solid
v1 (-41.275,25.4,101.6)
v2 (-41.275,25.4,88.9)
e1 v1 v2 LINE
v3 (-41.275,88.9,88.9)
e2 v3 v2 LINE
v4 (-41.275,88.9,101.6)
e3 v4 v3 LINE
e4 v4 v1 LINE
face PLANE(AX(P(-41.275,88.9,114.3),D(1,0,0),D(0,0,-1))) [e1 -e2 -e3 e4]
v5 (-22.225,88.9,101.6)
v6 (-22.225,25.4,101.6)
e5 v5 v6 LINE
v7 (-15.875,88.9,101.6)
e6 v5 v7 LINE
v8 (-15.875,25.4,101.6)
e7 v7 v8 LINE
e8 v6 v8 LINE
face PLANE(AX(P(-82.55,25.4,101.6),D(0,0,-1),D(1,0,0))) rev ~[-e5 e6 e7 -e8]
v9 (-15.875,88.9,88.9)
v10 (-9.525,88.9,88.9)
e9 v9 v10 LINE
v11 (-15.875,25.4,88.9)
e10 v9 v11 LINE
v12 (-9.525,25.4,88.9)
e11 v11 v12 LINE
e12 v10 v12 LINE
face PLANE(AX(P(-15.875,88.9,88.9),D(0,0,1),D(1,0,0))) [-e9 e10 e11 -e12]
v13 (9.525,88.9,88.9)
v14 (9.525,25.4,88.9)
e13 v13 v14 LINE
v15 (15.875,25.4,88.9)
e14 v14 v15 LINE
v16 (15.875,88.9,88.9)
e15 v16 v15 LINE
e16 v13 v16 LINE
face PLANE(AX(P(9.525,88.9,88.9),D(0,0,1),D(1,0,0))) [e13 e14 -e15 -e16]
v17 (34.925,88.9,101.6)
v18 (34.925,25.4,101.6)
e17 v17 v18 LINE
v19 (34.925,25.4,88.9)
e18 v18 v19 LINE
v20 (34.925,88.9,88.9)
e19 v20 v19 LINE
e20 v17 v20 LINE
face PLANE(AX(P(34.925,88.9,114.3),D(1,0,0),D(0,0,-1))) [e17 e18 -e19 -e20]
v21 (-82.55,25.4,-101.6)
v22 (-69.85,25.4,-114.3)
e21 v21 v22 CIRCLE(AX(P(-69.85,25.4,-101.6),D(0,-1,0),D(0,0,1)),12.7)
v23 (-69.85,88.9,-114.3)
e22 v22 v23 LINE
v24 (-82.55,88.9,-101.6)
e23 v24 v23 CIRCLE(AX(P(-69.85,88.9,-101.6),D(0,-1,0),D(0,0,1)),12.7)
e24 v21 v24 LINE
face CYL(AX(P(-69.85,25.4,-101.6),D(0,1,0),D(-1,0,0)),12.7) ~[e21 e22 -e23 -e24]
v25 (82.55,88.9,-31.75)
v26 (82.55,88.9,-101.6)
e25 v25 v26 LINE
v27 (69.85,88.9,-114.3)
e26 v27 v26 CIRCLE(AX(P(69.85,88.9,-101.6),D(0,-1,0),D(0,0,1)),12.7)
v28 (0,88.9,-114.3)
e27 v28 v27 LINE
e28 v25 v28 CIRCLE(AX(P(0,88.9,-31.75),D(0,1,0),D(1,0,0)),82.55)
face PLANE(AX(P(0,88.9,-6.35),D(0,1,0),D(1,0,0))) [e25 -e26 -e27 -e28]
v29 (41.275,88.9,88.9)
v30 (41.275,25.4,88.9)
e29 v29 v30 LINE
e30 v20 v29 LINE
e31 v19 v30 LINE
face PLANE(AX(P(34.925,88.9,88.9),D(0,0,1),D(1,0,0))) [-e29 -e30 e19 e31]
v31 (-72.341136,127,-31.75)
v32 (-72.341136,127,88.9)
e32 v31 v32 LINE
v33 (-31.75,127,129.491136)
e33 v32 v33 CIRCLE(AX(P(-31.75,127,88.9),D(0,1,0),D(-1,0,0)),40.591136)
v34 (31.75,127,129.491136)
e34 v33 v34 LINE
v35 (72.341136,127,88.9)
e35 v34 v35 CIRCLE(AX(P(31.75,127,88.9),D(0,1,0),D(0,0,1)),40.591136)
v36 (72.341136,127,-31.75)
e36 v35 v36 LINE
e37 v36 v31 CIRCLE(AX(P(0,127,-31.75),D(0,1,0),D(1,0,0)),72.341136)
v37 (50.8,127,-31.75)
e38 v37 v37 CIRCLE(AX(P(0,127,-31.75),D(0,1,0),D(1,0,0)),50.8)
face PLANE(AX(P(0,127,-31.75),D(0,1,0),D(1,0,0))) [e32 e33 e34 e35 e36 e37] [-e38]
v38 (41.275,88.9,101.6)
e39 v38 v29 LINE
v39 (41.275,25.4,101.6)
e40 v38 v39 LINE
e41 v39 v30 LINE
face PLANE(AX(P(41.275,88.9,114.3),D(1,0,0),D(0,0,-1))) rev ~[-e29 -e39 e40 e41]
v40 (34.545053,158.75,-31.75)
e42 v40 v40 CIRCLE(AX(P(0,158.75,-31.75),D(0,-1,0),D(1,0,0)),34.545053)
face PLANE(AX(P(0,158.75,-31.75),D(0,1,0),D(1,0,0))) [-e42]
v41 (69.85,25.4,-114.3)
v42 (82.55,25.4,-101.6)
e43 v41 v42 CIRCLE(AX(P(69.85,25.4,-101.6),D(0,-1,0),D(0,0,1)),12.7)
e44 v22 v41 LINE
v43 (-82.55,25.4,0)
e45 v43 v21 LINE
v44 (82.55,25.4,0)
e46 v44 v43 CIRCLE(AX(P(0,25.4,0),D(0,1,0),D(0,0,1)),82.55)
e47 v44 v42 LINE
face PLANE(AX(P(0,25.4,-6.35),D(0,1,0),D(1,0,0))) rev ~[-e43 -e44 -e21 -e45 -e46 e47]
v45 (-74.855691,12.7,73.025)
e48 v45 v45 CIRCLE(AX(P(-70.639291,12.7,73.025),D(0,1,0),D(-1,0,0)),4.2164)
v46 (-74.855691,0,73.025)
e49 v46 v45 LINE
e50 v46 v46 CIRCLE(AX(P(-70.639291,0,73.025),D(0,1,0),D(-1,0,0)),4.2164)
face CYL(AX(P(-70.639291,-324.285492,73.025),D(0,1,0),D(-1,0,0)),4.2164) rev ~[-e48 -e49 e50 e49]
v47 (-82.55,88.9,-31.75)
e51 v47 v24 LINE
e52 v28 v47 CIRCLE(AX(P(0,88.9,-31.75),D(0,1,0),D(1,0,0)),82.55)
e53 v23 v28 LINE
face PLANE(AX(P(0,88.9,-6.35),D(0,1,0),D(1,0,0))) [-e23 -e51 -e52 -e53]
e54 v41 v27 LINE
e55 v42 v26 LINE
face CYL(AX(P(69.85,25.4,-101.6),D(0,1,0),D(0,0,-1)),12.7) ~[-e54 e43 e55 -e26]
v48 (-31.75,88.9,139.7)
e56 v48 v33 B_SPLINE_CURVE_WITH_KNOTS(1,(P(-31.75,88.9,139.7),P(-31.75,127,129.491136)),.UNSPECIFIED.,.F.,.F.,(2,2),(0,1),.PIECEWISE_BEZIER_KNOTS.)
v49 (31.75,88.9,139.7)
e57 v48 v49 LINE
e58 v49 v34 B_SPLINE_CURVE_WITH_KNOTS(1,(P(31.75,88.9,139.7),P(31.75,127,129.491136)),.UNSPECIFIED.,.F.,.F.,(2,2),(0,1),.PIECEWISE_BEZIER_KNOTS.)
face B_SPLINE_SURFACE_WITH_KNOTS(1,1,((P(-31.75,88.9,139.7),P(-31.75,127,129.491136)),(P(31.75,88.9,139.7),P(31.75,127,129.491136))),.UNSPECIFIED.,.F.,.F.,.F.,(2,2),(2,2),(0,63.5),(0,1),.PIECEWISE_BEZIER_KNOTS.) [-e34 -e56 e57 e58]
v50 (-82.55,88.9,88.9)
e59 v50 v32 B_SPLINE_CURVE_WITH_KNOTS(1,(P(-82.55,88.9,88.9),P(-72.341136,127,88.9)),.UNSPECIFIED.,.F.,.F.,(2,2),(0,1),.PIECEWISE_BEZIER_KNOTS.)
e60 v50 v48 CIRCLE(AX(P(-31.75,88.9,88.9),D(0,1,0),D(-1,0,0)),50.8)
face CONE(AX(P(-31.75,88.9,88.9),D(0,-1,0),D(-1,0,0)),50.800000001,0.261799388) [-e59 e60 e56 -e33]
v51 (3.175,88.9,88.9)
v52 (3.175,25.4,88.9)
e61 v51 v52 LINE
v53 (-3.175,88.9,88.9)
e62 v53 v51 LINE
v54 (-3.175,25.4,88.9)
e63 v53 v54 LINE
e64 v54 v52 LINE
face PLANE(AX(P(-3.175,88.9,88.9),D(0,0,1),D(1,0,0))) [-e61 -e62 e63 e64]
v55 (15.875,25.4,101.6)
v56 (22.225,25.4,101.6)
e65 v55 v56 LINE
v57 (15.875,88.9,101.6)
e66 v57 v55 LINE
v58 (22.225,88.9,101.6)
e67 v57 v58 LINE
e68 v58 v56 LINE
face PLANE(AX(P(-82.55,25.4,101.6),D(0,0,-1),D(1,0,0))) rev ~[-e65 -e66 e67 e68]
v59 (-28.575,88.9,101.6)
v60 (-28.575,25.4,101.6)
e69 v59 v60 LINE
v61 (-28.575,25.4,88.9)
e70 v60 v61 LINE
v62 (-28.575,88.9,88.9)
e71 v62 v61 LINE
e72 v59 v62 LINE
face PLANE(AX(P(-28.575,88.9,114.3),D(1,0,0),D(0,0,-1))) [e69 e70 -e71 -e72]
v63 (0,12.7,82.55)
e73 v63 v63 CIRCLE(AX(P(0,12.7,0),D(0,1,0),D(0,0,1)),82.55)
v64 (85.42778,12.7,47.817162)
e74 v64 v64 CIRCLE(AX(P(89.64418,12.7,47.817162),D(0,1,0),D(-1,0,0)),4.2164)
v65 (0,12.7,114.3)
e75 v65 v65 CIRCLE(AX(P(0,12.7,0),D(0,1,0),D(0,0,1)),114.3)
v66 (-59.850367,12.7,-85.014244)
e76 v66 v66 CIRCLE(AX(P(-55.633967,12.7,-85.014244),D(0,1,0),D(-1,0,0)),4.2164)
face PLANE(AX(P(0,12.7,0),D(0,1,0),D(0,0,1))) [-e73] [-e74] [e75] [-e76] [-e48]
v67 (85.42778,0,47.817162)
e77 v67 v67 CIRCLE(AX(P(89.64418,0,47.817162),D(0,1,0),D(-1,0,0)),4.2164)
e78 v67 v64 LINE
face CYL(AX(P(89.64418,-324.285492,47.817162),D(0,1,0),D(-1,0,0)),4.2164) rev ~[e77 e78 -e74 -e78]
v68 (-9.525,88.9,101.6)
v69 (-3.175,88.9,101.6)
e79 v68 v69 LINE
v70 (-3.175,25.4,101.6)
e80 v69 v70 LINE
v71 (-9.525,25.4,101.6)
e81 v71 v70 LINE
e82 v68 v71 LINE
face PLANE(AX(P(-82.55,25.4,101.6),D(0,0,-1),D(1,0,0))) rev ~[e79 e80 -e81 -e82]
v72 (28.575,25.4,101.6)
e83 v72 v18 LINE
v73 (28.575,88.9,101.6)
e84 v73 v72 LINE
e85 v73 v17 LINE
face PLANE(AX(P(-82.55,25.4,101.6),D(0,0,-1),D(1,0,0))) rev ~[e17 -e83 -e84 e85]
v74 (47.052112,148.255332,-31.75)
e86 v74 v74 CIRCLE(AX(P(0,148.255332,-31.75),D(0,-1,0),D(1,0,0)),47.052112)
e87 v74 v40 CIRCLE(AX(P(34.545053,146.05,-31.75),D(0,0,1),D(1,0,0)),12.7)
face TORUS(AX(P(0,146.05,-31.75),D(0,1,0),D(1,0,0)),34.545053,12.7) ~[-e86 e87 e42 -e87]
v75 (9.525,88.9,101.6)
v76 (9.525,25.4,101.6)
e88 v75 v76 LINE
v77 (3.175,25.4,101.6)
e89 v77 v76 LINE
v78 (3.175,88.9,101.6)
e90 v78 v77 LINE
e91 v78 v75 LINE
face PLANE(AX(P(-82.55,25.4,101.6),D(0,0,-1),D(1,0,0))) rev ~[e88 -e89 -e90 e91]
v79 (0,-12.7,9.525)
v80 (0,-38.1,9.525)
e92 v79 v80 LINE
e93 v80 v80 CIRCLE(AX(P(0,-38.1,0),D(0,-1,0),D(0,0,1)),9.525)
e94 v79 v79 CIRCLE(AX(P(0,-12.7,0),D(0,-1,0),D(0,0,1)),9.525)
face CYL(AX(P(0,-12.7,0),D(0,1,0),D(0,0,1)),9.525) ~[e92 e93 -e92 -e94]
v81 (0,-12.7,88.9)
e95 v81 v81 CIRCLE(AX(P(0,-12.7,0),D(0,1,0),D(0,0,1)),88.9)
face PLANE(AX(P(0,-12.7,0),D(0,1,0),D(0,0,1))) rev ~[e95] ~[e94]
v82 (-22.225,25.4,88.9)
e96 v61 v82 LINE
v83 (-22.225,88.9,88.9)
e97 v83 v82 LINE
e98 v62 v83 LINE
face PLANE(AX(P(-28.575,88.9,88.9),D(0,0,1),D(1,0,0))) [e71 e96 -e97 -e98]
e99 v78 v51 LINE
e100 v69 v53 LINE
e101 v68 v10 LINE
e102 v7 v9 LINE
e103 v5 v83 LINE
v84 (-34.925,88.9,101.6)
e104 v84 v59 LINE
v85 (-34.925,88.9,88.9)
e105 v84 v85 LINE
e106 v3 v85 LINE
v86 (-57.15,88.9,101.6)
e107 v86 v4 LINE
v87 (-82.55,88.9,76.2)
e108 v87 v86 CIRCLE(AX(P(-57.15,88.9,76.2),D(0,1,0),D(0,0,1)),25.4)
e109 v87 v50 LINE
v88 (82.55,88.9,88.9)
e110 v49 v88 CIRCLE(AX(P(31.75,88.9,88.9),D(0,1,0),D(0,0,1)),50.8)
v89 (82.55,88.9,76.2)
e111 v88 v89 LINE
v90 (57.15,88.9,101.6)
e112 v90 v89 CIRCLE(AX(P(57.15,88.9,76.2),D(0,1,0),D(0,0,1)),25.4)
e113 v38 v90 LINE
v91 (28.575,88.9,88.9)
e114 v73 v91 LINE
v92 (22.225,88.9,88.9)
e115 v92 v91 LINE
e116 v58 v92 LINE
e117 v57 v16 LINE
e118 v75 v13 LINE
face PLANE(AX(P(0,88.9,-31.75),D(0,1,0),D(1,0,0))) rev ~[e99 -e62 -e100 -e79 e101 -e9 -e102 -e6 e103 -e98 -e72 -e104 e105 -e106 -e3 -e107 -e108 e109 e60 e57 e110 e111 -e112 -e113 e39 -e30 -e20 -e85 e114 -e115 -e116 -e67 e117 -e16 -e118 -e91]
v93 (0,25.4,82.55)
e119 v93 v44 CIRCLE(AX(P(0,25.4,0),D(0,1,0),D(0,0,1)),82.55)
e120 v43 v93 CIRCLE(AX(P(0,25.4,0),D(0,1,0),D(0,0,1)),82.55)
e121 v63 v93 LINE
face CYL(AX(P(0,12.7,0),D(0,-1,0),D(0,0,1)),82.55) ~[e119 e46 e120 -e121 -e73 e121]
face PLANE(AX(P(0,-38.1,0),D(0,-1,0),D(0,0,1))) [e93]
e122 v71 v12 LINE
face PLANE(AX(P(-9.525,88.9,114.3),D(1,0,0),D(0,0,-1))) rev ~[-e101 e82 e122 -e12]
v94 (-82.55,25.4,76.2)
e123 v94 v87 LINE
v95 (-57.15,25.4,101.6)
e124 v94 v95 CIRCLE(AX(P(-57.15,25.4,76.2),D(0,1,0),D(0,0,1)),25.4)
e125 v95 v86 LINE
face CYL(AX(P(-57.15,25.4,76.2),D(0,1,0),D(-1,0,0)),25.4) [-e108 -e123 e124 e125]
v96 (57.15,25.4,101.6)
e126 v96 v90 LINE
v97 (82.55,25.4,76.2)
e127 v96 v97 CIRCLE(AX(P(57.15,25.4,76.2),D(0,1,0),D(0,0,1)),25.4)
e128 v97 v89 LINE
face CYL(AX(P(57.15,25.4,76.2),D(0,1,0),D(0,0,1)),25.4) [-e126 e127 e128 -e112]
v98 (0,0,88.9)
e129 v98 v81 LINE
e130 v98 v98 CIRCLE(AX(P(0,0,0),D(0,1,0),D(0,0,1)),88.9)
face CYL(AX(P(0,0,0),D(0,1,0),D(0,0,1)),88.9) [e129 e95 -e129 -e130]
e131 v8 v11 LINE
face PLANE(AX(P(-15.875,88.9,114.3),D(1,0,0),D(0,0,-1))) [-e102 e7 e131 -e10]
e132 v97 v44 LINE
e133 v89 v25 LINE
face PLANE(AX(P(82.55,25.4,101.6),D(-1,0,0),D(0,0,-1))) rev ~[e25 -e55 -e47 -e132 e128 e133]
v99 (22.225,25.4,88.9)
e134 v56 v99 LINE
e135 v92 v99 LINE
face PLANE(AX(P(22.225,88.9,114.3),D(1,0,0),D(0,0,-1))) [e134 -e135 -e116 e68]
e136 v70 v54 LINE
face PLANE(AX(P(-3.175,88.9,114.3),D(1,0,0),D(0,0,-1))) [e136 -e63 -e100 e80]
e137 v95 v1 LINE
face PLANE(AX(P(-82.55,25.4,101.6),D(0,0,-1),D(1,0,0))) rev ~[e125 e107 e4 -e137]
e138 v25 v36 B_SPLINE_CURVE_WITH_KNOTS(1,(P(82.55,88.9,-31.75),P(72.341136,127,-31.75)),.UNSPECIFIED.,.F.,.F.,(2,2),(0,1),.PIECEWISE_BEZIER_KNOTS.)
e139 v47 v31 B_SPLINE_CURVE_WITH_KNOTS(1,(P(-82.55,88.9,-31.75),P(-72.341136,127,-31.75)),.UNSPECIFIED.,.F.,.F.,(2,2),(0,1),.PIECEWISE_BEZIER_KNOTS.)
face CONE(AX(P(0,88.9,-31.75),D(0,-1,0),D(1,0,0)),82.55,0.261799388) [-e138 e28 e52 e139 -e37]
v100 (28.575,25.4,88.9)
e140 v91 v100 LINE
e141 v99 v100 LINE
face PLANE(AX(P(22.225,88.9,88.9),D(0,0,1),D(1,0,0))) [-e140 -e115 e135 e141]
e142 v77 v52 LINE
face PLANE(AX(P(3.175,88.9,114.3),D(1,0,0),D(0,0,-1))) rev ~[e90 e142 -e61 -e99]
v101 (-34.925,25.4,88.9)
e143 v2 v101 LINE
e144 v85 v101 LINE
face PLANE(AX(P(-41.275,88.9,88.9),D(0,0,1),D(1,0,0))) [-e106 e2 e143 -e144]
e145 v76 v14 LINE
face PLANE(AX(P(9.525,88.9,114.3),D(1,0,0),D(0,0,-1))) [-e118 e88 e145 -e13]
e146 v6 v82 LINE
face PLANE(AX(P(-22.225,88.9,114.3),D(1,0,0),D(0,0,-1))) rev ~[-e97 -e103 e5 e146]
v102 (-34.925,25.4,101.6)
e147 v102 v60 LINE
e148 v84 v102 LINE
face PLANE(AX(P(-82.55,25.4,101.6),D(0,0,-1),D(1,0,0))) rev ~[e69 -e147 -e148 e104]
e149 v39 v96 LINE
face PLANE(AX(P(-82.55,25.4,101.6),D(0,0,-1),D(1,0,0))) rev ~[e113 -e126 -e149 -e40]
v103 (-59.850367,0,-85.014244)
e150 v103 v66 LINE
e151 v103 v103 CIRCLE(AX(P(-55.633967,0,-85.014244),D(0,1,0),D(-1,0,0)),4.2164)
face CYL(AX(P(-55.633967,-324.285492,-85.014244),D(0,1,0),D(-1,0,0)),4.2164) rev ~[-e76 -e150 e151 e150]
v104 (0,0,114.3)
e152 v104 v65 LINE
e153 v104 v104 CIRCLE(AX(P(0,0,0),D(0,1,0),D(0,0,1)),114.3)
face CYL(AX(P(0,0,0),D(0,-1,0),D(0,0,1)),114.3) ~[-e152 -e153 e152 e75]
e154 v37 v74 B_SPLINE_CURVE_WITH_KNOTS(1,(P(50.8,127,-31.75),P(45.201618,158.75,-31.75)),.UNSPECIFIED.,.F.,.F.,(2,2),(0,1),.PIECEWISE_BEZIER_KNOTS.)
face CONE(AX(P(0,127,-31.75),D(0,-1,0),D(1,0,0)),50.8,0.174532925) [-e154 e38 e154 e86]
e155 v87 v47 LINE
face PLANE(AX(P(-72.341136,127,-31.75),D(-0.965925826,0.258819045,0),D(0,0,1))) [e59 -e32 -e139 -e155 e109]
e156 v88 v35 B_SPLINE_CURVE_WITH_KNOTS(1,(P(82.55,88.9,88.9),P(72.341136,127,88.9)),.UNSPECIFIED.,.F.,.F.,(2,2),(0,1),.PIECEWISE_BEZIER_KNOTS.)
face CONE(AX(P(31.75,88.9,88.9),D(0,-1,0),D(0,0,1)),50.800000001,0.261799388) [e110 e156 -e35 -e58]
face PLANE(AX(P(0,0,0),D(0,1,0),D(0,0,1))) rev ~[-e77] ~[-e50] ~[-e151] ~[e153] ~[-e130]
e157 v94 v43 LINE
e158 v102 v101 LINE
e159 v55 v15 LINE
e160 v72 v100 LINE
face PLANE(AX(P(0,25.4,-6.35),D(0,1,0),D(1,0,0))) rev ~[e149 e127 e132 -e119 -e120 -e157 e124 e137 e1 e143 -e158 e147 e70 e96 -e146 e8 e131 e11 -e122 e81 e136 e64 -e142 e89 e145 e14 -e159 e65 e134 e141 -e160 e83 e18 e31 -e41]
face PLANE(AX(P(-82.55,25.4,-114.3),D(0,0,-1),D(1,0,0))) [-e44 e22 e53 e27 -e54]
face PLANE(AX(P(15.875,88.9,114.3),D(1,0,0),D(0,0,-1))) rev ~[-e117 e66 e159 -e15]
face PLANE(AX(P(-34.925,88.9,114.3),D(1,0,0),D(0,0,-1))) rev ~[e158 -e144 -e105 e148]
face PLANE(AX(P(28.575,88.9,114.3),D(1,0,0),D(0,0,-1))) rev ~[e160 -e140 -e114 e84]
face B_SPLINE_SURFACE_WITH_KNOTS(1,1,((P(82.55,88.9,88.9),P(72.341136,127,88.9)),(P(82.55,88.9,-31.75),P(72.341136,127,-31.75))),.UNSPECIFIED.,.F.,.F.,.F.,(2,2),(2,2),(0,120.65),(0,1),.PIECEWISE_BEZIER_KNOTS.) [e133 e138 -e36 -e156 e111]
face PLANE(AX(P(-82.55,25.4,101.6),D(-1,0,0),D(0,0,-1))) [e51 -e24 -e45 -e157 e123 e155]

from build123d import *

# Parameters (mm, degrees)
SKETCH1_R                   = 88.9
BASE_DEPTH                  = 12.7
SKETCH1_4_R                 = 114.3
SKETCH1_4_R_2               = 88.9
BOLT_BELT_DEPTH             = 12.7
F_3_8_24_TAPPED_HOLE1_D     = 8.4328
SKETCH21_R                  = 82.55
ENGINE_OFFSET_DEPTH         = 12.7
SKETCH20_W                  = 165.1
SKETCH20_H                  = 215.9
ENGINE_BLOCK_DEPTH          = 63.5
ENGINE_BLOCK_FILLET_FRONT_R = 25.4
ENGINE_BLOCK_FILLET_BACK_R  = 12.7
SKETCH22_W                  = 6.35
SKETCH22_H                  = 25.4
FINS_DEPTH                  = 63.5
FIN_LPATTERN1_COUNT         = 4
FIN_LPATTERN1_PITCH         = 12.7
FIN_LPATTERN1_COL_COUNT     = 4
FIN_LPATTERN1_COL_PITCH     = 12.7
SHROUD_DEPTH                = 38.1
SHROUD_TAPER                = 15
SKETCH24_R                  = 50.8
CORD_HOUSING_DEPTH          = 31.75
CORD_HOUSING_TAPER          = 10
CORD_HOUSING_FILLET_R       = 12.7
SKETCH25_R                  = 9.525
BOSS_EXTRUDE7_DEPTH         = 25.4


with BuildPart() as part:
    # Sketch1 → Base (new body)
    with BuildSketch(Plane(origin=(0, 0, 0), x_dir=(1, 0, 0), z_dir=(0, 1, 0))):
        with Locations(Location((0, 0, 0), (0, 0, 270))):  # turned: the seam where the file's is
            Circle(SKETCH1_R)
    extrude(amount=-BASE_DEPTH)

    # Sketch1_4 → Bolt Belt (add)
    with BuildSketch(Plane(origin=(0, 0, 0), x_dir=(1, 0, 0), z_dir=(0, 1, 0))):
        with Locations(Location((0, 0, 0), (0, 0, 270))):  # turned: the seam where the file's is
            Circle(SKETCH1_4_R)
        with Locations(Location((0, 0, 0), (0, 0, 270))):  # turned: the seam where the file's is
            Circle(SKETCH1_4_R_2, mode=Mode.SUBTRACT)
        with Locations(Location((0, 0, 0), (0, 0, 270))):  # turned: the seam where the file's is
            Circle(SKETCH1_4_R_2)
    extrude(amount=BOLT_BELT_DEPTH)

    # 3_8-24 Tapped Hole1 (through all)
    with Locations(Plane.XZ):
        with Locations((-70.63929059, 73.025), (89.644179842, 47.817162405), (-55.633966752, -85.014244356)):
            Hole(F_3_8_24_TAPPED_HOLE1_D / 2)

    # Sketch21 → Engine Offset (add)
    with BuildSketch(Plane(origin=(0, 12.7, 0), x_dir=(1, 0, 0), z_dir=(0, 1, 0))):
        with Locations(Location((0, 0, 0), (0, 0, 270))):  # turned: the seam where the file's is
            Circle(SKETCH21_R)
    extrude(amount=ENGINE_OFFSET_DEPTH)

    # Sketch20 → Engine Block (add)
    with BuildSketch(Plane(origin=(0, 25.4, 0), x_dir=(1, 0, 0), z_dir=(0, 1, 0))):
        with Locations((0, 6.35)):
            Rectangle(SKETCH20_W, SKETCH20_H)
    extrude(amount=ENGINE_BLOCK_DEPTH)

    # Engine Block Fillet Front
    engine_block_fillet_front_edges = [part.edges().sort_by_distance(p)[0] for p in [
        (-82.55, 57.15, 101.6),
        (82.55, 57.15, 101.6),
    ]]
    fillet(engine_block_fillet_front_edges, radius=ENGINE_BLOCK_FILLET_FRONT_R)

    # Engine Block Fillet Back
    engine_block_fillet_back_edges = [part.edges().sort_by_distance(p)[0] for p in [
        (-82.55, 57.15, -114.3),
        (82.55, 57.15, -114.3),
    ]]
    fillet(engine_block_fillet_back_edges, radius=ENGINE_BLOCK_FILLET_BACK_R)

    # Sketch22 → Fins (cut)
    with BuildSketch(Plane(origin=(0, 88.9, 0), x_dir=(1, 0, 0), z_dir=(0, 1, 0))):
        with Locations((0, -101.6)):
            Rectangle(SKETCH22_W, SKETCH22_H)
    fins = extrude(amount=-FINS_DEPTH, mode=Mode.SUBTRACT)

    # Fin LPattern1: Fins ×4
    with Locations(*[(i * FIN_LPATTERN1_PITCH, 0, 0) for i in range(1, FIN_LPATTERN1_COUNT)]):
        add(fins, mode=Mode.SUBTRACT)

    # Fin LPattern1 col: Fins ×4
    with Locations(*[(-i * FIN_LPATTERN1_COL_PITCH, 0, 0) for i in range(1, FIN_LPATTERN1_COL_COUNT)]):
        add(fins, mode=Mode.SUBTRACT)

    # Sketch23 → Shroud (add)
    with BuildSketch(Plane(origin=(0, 88.9, 0), x_dir=(1, 0, 0), z_dir=(0, 1, 0))):
        with BuildLine():
            ThreePointArc((82.55, 31.75), (0, 114.3), (-82.55, 31.75))
            Line((-82.55, 31.75), (-82.55, -88.9))
            ThreePointArc((-82.55, -88.9), (-67.671024484, -124.821024484), (-31.75, -139.7))
            Line((-31.75, -139.7), (31.75, -139.7))
            ThreePointArc((31.75, -139.7), (67.671024484, -124.821024484), (82.55, -88.9))
            Line((82.55, -88.9), (82.55, 31.75))
        make_face()
    extrude(amount=SHROUD_DEPTH, taper=SHROUD_TAPER)

    # Sketch24 → Cord Housing (add)
    with BuildSketch(Plane(origin=(0, 127, 0), x_dir=(1, 0, 0), z_dir=(0, 1, 0))):
        with Locations((0, 31.75)):
            Circle(SKETCH24_R)
    extrude(amount=CORD_HOUSING_DEPTH, taper=CORD_HOUSING_TAPER)

    # Cord Housing Fillet
    cord_housing_fillet_edges = [part.edges().sort_by_distance(p)[0] for p in [
        (-45.201618363, 158.75, -31.75),
    ]]
    fillet(cord_housing_fillet_edges, radius=CORD_HOUSING_FILLET_R)

    # Sketch25 → Boss-Extrude7 (add)
    with BuildSketch(Plane.XZ.offset(12.7)):
        with Locations(Location((0, 0, 0), (0, 0, 90))):  # turned: the seam where the file's is
            Circle(SKETCH25_R)
    extrude(amount=BOSS_EXTRUDE7_DEPTH)


solid = part.part
